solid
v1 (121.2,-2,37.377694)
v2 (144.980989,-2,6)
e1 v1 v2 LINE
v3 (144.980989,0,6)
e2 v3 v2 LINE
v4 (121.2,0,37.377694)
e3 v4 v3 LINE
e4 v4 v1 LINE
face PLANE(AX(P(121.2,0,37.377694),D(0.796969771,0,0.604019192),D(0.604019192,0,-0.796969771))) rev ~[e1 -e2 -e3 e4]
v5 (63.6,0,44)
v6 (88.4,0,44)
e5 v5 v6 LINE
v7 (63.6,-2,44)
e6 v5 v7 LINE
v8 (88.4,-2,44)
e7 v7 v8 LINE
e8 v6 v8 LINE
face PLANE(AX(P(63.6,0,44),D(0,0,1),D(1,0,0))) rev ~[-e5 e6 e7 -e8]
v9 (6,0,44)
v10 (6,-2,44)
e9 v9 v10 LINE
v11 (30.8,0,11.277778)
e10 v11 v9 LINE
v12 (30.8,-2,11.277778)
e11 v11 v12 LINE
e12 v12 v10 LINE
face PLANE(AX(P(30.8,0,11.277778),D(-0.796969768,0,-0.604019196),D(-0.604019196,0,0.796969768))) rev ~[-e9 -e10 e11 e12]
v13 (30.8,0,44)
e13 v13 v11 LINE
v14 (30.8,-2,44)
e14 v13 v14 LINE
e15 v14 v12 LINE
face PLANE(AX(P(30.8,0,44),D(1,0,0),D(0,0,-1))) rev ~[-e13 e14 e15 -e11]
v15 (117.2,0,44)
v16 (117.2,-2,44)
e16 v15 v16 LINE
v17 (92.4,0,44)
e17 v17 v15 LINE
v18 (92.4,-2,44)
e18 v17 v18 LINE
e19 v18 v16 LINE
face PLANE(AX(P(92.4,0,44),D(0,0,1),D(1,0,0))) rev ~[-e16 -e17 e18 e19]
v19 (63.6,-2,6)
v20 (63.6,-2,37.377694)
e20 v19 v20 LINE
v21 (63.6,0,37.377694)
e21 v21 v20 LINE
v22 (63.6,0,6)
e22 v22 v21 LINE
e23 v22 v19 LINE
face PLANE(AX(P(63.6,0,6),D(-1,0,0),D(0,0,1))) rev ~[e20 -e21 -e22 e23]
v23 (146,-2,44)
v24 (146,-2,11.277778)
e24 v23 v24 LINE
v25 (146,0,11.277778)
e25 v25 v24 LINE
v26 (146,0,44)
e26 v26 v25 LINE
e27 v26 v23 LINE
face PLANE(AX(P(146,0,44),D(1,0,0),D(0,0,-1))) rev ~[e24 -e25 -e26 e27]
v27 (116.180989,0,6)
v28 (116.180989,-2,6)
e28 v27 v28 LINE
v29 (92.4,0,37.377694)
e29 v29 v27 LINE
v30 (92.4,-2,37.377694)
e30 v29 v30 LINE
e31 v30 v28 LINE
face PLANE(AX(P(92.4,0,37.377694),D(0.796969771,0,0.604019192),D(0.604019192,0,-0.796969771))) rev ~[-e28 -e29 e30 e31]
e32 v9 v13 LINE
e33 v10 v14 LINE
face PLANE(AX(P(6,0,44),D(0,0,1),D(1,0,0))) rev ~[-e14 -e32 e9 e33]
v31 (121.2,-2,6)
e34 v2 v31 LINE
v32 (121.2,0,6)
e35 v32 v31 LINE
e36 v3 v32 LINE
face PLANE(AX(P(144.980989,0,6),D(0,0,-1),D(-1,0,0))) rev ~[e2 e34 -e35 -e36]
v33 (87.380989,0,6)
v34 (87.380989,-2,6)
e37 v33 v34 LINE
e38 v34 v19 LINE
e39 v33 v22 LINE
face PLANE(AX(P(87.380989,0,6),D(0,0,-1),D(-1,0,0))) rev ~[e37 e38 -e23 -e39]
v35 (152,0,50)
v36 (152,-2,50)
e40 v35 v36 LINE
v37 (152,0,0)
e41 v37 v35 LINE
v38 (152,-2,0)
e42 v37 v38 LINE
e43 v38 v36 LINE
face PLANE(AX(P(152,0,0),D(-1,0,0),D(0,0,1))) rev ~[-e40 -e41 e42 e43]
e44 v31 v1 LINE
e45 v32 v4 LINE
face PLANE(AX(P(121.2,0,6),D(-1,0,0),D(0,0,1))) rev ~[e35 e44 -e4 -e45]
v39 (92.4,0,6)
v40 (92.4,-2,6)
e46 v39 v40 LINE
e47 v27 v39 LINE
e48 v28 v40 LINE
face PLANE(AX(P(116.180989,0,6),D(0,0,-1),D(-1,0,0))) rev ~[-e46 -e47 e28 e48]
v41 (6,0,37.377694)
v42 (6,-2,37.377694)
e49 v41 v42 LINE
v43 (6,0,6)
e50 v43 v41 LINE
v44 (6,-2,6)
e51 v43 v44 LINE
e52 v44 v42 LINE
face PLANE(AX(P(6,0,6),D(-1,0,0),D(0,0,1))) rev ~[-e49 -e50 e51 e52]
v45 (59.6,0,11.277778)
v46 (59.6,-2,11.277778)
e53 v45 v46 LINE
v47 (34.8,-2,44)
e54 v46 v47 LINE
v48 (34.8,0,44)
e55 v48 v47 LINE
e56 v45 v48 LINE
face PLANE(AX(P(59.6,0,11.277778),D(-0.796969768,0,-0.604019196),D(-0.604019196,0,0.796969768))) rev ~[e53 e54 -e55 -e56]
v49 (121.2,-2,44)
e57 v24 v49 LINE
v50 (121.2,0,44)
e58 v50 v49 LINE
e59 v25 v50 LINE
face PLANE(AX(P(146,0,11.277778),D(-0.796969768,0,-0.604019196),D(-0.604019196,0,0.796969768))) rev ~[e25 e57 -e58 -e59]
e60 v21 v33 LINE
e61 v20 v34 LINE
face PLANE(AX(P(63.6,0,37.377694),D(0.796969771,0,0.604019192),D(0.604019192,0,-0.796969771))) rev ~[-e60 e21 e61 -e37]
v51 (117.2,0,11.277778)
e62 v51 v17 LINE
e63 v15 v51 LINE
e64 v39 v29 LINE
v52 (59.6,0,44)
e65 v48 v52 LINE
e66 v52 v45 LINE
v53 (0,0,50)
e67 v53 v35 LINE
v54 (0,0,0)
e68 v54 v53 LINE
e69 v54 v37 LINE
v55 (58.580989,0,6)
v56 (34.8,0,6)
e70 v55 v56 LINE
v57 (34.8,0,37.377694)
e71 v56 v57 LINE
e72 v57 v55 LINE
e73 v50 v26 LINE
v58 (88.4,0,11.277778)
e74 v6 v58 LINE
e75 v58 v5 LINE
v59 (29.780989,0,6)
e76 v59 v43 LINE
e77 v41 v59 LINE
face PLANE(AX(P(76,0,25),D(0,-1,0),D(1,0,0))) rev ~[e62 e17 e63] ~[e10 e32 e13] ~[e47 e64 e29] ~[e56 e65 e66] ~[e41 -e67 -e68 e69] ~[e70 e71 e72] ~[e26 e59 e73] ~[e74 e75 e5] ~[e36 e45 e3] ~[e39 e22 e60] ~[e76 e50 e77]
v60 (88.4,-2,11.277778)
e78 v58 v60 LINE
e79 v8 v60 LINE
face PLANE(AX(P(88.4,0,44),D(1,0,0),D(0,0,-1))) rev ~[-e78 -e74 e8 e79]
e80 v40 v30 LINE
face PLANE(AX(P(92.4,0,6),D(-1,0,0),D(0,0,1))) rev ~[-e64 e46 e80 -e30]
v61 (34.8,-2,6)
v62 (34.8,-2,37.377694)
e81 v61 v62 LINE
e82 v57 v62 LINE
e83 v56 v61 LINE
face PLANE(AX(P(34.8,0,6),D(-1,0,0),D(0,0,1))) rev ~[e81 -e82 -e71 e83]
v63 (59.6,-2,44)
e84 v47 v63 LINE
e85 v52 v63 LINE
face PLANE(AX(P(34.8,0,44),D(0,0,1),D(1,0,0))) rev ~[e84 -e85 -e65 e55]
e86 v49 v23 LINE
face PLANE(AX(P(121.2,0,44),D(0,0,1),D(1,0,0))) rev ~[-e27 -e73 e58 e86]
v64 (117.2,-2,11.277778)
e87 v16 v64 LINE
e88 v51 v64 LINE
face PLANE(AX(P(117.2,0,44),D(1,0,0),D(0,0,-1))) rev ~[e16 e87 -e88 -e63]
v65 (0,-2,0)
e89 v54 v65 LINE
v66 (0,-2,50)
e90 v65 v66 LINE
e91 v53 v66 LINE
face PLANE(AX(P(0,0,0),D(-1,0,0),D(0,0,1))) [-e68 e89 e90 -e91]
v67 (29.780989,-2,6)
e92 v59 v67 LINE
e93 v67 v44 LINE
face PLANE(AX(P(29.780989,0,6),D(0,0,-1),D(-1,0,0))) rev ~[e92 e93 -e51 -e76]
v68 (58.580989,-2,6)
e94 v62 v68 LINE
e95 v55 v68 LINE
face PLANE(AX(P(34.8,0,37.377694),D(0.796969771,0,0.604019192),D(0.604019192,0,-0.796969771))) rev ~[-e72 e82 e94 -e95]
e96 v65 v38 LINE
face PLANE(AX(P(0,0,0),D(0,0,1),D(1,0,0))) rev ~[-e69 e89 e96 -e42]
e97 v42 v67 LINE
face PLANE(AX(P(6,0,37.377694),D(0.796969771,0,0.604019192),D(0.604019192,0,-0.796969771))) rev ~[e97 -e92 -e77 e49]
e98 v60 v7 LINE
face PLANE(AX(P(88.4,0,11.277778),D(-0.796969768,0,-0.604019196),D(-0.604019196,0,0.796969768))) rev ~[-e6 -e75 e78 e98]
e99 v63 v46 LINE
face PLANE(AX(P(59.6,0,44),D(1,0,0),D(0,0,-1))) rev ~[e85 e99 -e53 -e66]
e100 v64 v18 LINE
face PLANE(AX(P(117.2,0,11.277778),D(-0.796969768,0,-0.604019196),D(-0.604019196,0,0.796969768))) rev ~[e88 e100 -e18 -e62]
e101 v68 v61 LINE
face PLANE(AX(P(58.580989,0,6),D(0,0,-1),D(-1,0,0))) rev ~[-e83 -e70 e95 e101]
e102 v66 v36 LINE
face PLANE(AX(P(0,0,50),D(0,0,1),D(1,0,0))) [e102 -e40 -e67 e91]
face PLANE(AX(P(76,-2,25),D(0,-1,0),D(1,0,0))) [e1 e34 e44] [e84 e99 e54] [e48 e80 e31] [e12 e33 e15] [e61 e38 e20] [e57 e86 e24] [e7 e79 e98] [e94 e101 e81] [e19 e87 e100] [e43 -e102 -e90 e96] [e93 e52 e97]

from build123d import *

# Parameters (mm, degrees)
F0_W     = 152
F0_H     = 50
F1_DEPTH = 2


with BuildPart() as f1:
    # F0 (on Front) → F1 (new body)
    with BuildSketch(Plane.XZ):
        with Locations((76, 25)):
            Rectangle(F0_W, F0_H)
        Polygon((29.780989, 6), (6, 6), (6, 37.377694), (6, 44), (30.8, 44), (34.8, 44), (59.6, 44), (63.6, 44), (88.4, 44), (92.4, 44), (117.2, 44), (121.2, 44), (146, 44), (150, 44), (150, 6), (144.980989, 6), (121.2, 6), (116.180989, 6), (92.4, 6), (87.380989, 6), (63.6, 6), (58.580989, 6), (34.8, 6), align=None, mode=Mode.SUBTRACT)
        Polygon((121.2, 37.377694), (144.980989, 6), (150, 6), (146, 11.277778), (121.2, 44), align=None)
        Polygon((117.2, 11.277778), (121.2, 6), (121.2, 37.377694), (121.2, 44), (117.2, 44), align=None)
        Polygon((92.4, 37.377694), (116.180989, 6), (121.2, 6), (117.2, 11.277778), (92.4, 44), align=None)
        Polygon((88.4, 11.277778), (92.4, 6), (92.4, 37.377694), (92.4, 44), (88.4, 44), align=None)
        Polygon((63.6, 37.377694), (87.380989, 6), (92.4, 6), (88.4, 11.277778), (63.6, 44), align=None)
        Polygon((59.6, 11.277778), (63.6, 6), (63.6, 37.377694), (63.6, 44), (59.6, 44), align=None)
        Polygon((34.8, 37.377694), (58.580989, 6), (63.6, 6), (59.6, 11.277778), (34.8, 44), align=None)
        Polygon((30.8, 11.277778), (34.8, 6), (34.8, 37.377694), (34.8, 44), (30.8, 44), align=None)
        Polygon((6, 37.377694), (29.780989, 6), (34.8, 6), (30.8, 11.277778), (6, 44), align=None)
        Polygon((146, 11.277778), (150, 6), (150, 44), (146, 44), align=None)
    extrude(amount=F1_DEPTH)


solid = f1.part
